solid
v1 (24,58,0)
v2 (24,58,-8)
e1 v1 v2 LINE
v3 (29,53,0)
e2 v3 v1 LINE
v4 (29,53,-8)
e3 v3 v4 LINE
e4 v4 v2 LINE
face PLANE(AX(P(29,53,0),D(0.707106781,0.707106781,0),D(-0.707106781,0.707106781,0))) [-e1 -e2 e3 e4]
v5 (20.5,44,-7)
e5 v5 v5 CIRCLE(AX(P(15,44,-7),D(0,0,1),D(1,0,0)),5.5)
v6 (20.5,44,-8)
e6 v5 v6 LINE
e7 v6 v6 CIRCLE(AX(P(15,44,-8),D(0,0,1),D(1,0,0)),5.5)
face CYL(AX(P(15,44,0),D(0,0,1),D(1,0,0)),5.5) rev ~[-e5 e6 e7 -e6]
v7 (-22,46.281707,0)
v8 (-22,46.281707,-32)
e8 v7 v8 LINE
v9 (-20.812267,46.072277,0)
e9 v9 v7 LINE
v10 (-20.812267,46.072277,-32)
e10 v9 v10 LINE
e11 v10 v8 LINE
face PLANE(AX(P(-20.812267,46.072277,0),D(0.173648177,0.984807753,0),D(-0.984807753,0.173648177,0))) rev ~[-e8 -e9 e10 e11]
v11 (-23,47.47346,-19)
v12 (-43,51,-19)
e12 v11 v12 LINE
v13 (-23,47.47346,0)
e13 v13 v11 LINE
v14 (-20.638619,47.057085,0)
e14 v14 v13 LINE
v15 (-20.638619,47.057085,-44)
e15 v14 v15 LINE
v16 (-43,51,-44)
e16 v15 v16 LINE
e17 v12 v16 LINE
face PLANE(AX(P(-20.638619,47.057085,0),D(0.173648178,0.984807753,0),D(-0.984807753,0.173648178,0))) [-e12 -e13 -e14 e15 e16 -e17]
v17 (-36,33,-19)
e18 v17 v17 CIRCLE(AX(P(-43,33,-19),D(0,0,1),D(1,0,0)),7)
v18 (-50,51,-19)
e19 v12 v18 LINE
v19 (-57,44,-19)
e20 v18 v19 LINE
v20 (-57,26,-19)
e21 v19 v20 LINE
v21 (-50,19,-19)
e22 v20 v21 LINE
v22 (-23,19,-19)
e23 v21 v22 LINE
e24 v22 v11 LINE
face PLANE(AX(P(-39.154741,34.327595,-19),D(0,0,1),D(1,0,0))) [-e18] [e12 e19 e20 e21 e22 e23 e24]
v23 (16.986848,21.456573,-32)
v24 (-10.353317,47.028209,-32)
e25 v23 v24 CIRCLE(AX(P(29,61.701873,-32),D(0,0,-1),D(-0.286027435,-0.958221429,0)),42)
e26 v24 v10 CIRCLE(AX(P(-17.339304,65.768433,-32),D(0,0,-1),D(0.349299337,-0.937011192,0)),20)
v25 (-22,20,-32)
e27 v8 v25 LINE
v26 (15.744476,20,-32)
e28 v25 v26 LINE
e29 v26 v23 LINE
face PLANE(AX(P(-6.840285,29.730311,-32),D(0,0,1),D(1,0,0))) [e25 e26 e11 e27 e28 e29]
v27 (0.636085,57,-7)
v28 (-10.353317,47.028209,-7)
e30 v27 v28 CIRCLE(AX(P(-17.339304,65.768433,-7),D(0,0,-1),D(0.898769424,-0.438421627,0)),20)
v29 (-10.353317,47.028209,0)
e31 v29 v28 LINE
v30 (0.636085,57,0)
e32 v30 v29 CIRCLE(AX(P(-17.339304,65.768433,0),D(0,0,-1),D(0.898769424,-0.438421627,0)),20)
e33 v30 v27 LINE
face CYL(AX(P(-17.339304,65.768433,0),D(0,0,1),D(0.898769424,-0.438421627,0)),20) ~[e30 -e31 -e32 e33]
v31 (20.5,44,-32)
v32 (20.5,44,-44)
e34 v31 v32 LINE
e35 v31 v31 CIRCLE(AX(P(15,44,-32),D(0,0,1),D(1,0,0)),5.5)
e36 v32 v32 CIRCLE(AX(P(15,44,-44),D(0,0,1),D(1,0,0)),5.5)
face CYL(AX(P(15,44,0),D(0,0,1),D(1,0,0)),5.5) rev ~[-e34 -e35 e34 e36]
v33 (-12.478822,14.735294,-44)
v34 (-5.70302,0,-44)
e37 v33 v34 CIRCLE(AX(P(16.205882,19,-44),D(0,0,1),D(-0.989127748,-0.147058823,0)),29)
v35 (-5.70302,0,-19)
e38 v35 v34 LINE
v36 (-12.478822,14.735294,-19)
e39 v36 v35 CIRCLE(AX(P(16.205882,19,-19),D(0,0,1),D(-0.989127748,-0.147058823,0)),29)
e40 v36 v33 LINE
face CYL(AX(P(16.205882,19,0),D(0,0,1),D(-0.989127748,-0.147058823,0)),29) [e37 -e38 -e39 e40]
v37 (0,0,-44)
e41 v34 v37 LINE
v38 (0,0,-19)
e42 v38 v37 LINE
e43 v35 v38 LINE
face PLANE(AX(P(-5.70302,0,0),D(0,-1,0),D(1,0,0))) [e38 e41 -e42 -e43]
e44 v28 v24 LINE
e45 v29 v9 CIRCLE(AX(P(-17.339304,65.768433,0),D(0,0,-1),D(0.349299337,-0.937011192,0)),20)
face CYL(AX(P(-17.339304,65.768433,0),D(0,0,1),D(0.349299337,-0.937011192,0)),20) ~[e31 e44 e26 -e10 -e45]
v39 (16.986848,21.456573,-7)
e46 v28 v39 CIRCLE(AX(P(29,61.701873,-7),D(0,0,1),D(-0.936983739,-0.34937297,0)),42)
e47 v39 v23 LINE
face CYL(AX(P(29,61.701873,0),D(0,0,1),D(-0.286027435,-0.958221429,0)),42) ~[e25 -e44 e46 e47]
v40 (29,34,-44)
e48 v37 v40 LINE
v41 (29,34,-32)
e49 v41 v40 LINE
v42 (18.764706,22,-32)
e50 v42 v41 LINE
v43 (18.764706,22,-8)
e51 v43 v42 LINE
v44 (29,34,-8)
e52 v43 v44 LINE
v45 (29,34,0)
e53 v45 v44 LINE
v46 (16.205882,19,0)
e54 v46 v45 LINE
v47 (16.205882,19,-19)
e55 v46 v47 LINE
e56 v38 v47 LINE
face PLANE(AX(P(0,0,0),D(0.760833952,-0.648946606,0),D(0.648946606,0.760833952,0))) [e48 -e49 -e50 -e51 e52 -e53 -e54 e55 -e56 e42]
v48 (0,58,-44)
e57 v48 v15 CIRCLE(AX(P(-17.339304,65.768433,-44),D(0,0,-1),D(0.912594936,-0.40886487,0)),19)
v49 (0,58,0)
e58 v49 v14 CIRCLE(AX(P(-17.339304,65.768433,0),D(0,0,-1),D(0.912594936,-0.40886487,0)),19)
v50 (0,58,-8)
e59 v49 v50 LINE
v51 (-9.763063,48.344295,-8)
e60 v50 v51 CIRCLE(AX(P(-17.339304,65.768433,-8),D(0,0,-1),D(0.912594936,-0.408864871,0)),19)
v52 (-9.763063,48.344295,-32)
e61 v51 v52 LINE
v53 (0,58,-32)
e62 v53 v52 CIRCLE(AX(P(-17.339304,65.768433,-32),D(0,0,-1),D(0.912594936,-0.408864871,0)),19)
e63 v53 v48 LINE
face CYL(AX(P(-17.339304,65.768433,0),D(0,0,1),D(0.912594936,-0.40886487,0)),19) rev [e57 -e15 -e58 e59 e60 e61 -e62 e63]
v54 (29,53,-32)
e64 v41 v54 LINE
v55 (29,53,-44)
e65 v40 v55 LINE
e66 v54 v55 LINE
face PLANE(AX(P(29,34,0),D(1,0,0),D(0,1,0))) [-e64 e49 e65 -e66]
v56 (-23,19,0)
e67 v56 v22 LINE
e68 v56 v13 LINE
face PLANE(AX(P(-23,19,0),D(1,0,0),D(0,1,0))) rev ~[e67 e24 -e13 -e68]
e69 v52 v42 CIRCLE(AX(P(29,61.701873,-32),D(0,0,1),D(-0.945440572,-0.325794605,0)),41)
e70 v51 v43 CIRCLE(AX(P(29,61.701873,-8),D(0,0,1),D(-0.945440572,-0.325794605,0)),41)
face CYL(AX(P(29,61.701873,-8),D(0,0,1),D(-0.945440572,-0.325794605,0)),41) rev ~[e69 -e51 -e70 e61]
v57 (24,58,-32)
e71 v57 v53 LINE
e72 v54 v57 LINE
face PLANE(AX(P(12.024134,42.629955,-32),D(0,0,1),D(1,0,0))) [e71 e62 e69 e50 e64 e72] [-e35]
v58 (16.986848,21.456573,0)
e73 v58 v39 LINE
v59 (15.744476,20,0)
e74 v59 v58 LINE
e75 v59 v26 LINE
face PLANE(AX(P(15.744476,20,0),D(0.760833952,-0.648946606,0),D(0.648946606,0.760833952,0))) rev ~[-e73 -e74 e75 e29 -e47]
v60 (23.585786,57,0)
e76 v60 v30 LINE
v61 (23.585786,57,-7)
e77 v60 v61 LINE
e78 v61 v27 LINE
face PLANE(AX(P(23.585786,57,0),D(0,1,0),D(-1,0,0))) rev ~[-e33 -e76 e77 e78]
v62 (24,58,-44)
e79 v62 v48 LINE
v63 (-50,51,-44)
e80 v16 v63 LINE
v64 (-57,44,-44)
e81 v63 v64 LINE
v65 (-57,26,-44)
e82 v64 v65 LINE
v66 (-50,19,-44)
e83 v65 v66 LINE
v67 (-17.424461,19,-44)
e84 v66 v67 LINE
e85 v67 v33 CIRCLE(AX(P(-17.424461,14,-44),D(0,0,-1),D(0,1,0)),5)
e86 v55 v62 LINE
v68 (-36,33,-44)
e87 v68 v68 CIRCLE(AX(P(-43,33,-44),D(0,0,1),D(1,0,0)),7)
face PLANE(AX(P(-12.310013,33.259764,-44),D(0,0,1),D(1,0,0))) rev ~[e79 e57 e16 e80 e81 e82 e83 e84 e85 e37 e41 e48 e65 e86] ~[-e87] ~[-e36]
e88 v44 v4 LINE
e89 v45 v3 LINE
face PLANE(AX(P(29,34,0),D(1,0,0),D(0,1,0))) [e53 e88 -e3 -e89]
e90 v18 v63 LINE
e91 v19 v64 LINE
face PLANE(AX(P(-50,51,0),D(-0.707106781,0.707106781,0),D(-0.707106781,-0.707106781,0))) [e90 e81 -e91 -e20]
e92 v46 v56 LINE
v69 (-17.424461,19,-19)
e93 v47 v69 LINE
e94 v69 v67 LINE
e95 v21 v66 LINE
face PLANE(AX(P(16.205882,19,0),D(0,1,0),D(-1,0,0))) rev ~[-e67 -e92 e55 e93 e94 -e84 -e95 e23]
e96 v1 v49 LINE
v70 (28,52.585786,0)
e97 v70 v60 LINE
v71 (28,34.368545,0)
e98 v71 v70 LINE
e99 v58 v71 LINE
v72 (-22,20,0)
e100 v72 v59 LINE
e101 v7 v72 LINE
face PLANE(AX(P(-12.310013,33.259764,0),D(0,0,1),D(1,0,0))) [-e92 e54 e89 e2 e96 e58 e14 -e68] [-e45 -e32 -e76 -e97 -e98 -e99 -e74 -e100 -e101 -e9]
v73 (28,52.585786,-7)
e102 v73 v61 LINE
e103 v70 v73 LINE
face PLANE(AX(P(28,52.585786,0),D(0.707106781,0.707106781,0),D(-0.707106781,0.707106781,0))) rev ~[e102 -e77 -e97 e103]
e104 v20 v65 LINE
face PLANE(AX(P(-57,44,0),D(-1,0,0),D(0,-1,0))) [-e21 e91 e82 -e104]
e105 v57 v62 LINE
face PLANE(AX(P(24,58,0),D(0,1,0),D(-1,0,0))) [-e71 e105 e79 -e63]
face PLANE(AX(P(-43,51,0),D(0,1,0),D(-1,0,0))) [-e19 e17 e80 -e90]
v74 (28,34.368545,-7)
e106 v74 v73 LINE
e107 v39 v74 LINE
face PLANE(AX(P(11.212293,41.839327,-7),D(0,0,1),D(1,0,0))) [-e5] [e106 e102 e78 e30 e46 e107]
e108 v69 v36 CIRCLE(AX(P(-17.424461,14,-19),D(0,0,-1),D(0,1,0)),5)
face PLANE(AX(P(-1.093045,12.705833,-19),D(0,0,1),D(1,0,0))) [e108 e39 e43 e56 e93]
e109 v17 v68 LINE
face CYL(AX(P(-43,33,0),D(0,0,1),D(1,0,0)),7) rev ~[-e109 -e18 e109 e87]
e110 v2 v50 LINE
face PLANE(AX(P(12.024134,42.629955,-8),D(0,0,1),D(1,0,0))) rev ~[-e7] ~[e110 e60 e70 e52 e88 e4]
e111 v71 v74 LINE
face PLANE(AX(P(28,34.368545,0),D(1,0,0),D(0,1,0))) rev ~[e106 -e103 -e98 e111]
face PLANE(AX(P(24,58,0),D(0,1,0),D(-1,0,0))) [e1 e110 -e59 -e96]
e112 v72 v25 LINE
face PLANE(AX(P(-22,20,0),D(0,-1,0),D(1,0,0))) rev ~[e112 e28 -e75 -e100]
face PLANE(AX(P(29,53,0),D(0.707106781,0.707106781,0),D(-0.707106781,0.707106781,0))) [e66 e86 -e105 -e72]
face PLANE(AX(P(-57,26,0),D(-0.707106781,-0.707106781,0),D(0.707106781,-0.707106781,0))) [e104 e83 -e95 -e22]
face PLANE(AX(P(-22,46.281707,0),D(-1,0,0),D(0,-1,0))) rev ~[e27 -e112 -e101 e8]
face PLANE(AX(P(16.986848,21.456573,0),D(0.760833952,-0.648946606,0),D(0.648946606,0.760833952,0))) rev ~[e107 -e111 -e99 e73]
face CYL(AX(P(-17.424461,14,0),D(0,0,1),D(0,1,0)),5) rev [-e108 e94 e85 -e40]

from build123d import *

# Parameters (mm, degrees)
ESQUISSE1_R             = 7
BOSS_EXTRU_1_DEPTH      = 44
ESQUISSE1_4_R           = 7
ENL_V_MAT_EXTRU_1_DEPTH = 19
ENL_V_START             = -8
ESQUISSE1_5_R           = 5.5
ENL_V_MAT_EXTRU_2_DEPTH = 24
ESQUISSE1_7_R           = 5.5
ENL_V_MAT_EXTRU_3_DEPTH = 93.460802506
ENL_V_MAT_EXTRU_4_DEPTH = 32
ESQUISSE1_12_R          = 5.5
ENL_V_MAT_EXTRU_5_DEPTH = 7


with BuildPart() as part:
    # Esquisse1 → Boss.-Extru.1 (new body)
    with BuildSketch(Plane.XY):
        with BuildLine():
            Line((0, 0), (29, 34))
            Line((29, 34), (29, 53))
            Line((29, 53), (24, 58))
            Line((24, 58), (0, 58))
            ThreePointArc((0, 58), (-8.438901294, 48.982044142), (-20.638619164, 47.057085233))
            Line((-20.638619164, 47.057085233), (-43, 51))
            Line((-43, 51), (-50, 51))
            Line((-50, 51), (-57, 44))
            Line((-57, 44), (-57, 26))
            Line((-57, 26), (-50, 19))
            Line((-50, 19), (-17.424461089, 19))
            ThreePointArc((-17.424461089, 19), (-14.159225308, 17.786586232), (-12.478822347, 14.735294118))
            ThreePointArc((-12.478822347, 14.735294118), (-10.141992144, 6.884327939), (-5.703019947, 0))
            Line((-5.703019947, 0), (0, 0))
        make_face()
        with Locations((-43, 33)):
            Circle(ESQUISSE1_R, mode=Mode.SUBTRACT)
    extrude(amount=-BOSS_EXTRU_1_DEPTH)

    # Esquisse1_4 → Enl_v. mat.-Extru.1 (cut)
    # profile 1 of 2: a face of its own
    with BuildSketch(Plane.XY):
        with BuildLine():
            Line((-5.703019947, 0), (0, 0))
            Line((0, 0), (16.205882353, 19))
            Line((16.205882353, 19), (-17.424461089, 19))
            ThreePointArc((-17.424461089, 19), (-14.159225308, 17.786586232), (-12.478822347, 14.735294118))
            ThreePointArc((-12.478822347, 14.735294118), (-10.141992144, 6.884327939), (-5.703019947, 0))
        make_face()
    # profile 2 of 2: a face of its own
    with BuildSketch(Plane.XY):
        Polygon((-50, 19), (-23, 19), (-23, 47.473460386), (-43, 51), (-50, 51), (-57, 44), (-57, 26), align=None)
        with Locations((-43, 33)):
            Circle(ESQUISSE1_4_R, mode=Mode.SUBTRACT)
    extrude(amount=-ENL_V_MAT_EXTRU_1_DEPTH, mode=Mode.SUBTRACT)

    # Esquisse1_5 → Enl_v. mat.-Extru.2 (cut)
    with BuildSketch(Plane.XY.offset(ENL_V_START)):
        with BuildLine():
            Line((18.764705882, 22), (29, 34))
            Line((29, 34), (29, 53))
            Line((29, 53), (24, 58))
            Line((24, 58), (0, 58))
            ThreePointArc((0, 58), (-3.978755657, 52.259333621), (-9.763063451, 48.344294617))
            ThreePointArc((-9.763063451, 48.344294617), (1.184262982, 31.580705229), (18.764705882, 22))
        make_face()
        with Locations((15, 44)):
            Circle(ESQUISSE1_5_R, mode=Mode.SUBTRACT)
    extrude(amount=-ENL_V_MAT_EXTRU_2_DEPTH, mode=Mode.SUBTRACT)

    # Esquisse1_7 → Enl_v. mat.-Extru.3 (cut, through all)
    with BuildSketch(Plane.XY):
        with Locations((15, 44)):
            Circle(ESQUISSE1_7_R)
    extrude(amount=-ENL_V_MAT_EXTRU_3_DEPTH, mode=Mode.SUBTRACT)

    # Esquisse1_11 → Enl_v. mat.-Extru.4 (cut)
    with BuildSketch(Plane.XY):
        with BuildLine():
            Line((15.744476296, 20), (16.986847747, 21.456573425))
            ThreePointArc((16.986847747, 21.456573425), (0.310181683, 31.027872638), (-10.353317057, 47.028208705))
            ThreePointArc((-10.353317057, 47.028208705), (-15.518923584, 45.851449437), (-20.812267342, 46.07227748))
            Line((-20.812267342, 46.07227748), (-22, 46.281706793))
            Line((-22, 46.281706793), (-22, 20))
            Line((-22, 20), (-17.424461089, 20))
            Line((-17.424461089, 20), (15.744476296, 20))
        make_face()
    extrude(amount=-ENL_V_MAT_EXTRU_4_DEPTH, mode=Mode.SUBTRACT)

    # Esquisse1_12 → Enl_v. mat.-Extru.5 (cut)
    with BuildSketch(Plane.XY):
        with BuildLine():
            ThreePointArc((0.636084685, 57), (-3.899559801, 50.957177308), (-10.353317057, 47.028208705))
            ThreePointArc((-10.353317057, 47.028208705), (0.310181683, 31.027872638), (16.986847747, 21.456573425))
            Line((16.986847747, 21.456573425), (28, 34.368545033))
            Line((28, 34.368545033), (28, 52.585786438))
            Line((28, 52.585786438), (23.585786438, 57))
            Line((23.585786438, 57), (0.636084685, 57))
        make_face()
        with Locations((15, 44)):
            Circle(ESQUISSE1_12_R, mode=Mode.SUBTRACT)
    extrude(amount=-ENL_V_MAT_EXTRU_5_DEPTH, mode=Mode.SUBTRACT)


solid = part.part
